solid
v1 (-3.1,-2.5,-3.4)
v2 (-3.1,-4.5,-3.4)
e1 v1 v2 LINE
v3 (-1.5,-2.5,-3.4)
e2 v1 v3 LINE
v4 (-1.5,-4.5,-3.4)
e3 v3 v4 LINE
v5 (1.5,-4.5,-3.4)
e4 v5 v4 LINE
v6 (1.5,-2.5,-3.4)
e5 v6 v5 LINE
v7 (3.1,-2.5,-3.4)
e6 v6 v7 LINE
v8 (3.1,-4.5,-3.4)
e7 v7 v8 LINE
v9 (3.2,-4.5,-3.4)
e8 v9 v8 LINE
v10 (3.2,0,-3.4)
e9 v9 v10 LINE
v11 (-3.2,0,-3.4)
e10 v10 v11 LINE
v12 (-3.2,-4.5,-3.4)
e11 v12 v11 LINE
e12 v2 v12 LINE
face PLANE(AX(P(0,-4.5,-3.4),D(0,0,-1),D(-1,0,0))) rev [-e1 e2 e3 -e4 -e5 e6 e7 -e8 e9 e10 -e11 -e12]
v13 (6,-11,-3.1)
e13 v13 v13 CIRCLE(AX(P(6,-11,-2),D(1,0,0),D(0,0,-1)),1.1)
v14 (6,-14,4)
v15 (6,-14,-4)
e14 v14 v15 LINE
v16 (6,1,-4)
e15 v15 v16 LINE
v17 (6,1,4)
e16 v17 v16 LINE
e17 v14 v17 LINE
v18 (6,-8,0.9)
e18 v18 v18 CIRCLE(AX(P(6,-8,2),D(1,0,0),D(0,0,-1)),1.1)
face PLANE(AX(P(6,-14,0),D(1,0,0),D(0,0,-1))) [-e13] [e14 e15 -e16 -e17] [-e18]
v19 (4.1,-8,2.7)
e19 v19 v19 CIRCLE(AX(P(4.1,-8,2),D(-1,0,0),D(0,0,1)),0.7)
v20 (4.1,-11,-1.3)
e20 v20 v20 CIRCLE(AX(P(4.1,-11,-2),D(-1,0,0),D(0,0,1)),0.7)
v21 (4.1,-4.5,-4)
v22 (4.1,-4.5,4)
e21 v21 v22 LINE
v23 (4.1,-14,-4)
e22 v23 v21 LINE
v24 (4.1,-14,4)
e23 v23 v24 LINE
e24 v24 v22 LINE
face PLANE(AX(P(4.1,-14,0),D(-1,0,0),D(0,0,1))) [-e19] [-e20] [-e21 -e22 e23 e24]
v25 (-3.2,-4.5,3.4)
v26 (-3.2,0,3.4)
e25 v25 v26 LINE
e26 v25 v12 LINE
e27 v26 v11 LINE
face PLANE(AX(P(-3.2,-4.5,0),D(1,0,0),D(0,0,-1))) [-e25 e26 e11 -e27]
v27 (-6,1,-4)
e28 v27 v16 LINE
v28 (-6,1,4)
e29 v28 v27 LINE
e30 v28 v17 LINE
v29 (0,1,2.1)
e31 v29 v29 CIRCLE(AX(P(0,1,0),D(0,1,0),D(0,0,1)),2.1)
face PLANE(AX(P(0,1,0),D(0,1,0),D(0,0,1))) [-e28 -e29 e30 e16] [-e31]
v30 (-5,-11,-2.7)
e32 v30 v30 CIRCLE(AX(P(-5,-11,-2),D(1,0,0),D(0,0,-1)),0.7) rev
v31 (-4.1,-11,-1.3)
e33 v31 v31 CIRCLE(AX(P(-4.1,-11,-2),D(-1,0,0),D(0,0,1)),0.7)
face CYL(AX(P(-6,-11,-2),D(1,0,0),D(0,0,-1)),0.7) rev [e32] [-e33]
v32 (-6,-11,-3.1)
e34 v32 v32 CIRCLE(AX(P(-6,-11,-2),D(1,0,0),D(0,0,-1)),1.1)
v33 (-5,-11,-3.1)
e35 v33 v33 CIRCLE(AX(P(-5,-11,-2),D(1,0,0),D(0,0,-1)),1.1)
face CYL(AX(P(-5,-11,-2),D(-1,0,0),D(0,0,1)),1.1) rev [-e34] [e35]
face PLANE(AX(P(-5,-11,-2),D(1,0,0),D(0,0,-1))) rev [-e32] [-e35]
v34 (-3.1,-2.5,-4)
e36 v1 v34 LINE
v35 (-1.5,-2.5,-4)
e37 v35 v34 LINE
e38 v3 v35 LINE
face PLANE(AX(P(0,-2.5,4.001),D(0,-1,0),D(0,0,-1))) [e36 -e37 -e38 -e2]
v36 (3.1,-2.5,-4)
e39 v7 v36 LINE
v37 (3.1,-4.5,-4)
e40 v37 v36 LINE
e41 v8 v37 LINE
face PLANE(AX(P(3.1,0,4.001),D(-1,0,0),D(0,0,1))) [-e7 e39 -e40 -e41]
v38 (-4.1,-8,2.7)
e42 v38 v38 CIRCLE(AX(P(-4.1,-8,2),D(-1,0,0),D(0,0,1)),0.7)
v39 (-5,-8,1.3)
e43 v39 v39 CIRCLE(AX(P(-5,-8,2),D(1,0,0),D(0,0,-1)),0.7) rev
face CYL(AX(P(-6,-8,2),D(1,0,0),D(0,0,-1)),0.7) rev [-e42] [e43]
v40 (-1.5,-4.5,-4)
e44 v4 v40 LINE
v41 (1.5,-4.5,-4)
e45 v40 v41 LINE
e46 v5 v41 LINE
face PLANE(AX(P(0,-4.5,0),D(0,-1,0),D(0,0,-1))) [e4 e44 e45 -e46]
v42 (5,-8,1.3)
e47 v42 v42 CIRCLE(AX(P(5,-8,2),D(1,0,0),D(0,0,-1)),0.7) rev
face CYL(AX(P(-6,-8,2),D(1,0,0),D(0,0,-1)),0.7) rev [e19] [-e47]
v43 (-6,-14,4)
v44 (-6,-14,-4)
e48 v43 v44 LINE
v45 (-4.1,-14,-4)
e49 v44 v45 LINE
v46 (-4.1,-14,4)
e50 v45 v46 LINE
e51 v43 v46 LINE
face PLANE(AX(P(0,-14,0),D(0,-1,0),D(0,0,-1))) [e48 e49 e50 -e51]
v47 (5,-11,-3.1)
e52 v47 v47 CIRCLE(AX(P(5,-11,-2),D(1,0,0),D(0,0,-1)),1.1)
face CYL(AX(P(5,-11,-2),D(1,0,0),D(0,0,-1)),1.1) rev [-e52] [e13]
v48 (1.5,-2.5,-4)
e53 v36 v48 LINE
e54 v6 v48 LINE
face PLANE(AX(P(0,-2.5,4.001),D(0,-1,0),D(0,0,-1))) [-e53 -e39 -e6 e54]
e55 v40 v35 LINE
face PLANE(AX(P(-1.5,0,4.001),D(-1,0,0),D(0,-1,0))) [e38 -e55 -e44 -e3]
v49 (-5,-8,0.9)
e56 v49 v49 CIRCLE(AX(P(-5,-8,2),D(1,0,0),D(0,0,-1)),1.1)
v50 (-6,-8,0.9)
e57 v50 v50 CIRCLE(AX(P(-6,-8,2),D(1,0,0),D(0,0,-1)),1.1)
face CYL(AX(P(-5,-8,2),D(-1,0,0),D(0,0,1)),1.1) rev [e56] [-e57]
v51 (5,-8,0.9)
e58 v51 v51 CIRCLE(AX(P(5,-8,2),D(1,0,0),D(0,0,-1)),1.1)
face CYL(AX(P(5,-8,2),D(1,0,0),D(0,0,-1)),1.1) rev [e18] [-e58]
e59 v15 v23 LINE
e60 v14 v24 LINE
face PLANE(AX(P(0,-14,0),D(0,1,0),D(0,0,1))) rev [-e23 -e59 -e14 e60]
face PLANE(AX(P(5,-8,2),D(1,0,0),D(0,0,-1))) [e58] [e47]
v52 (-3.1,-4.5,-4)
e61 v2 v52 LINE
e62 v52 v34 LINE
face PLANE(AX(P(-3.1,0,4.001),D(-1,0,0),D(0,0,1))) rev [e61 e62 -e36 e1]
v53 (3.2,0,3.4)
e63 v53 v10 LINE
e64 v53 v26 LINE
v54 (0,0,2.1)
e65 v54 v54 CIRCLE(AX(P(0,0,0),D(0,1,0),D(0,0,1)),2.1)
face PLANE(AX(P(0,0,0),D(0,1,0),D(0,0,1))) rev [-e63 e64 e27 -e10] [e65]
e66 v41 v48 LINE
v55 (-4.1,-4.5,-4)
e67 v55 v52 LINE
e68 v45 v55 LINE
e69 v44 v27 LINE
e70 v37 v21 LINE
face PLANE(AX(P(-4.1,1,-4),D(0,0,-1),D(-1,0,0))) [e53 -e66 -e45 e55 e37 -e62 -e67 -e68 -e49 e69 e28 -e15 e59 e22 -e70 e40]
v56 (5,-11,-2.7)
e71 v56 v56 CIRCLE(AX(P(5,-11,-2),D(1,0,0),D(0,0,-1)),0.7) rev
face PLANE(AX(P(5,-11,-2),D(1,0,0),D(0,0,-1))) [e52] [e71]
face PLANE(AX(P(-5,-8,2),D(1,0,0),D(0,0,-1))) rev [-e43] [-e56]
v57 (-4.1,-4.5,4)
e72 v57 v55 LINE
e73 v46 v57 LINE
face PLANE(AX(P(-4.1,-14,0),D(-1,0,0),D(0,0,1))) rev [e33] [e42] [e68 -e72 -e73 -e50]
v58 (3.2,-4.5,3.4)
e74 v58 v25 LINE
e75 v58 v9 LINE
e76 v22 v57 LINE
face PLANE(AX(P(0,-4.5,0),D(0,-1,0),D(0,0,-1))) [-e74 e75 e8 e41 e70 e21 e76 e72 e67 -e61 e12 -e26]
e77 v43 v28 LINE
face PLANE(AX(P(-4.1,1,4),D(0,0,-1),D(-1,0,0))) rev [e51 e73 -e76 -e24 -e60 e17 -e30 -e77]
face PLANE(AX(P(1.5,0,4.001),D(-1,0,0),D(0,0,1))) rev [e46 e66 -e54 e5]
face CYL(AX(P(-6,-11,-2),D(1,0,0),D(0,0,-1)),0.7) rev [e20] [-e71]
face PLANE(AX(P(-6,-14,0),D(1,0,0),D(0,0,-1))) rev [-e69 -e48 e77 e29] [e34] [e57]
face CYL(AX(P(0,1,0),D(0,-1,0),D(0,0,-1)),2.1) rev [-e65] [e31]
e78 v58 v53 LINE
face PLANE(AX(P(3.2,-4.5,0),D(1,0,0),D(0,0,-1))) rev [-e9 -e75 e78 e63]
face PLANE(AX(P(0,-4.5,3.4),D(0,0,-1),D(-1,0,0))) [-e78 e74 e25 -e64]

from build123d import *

# Parameters (mm, degrees)
SKETCH_1_W          = 8.2
SKETCH_1_H          = 8
SKETCH_1_R          = 2.1
EXTRUDE_1_DEPTH     = 1
EXTRUDE_START       = 1
SKETCH_1_6_W        = 1.9
SKETCH_1_6_H        = 8
EXTRUDE_2_DEPTH     = 15
EXTRUDE_2_2_DEPTH   = 15
SKETCH_2_W          = 0.9
SKETCH_2_H          = 0.6
SKETCH_2_W_2        = 6.4
SKETCH_2_H_2        = 6.8
EXTRUDE_3_DEPTH     = 4.5
CUT_EXTRUDE_1_REACH = 19.205
SKETCH_3_W          = 1.6
SKETCH_3_H          = 2
SKETCH_4_R          = 0.7
CUT_EXTRUDE_2_DEPTH = 19.867962264
SKETCH_4_3_R        = 1.1
CUT_EXTRUDE_3_DEPTH = 1
CUT_EXTRUDE_START   = -11
SKETCH_4_4_R        = 1.1
CUT_EXTRUDE_4_DEPTH = 1


with BuildPart() as part:
    # 草图1 → 凸台-拉伸1 (new body)
    with BuildSketch(Plane(origin=(0, 0, 0), x_dir=(1, 0, 0), z_dir=(0, 1, 0))):
        Rectangle(SKETCH_1_W, SKETCH_1_H)
        with Locations(Location((0, 0, 0), (0, 0, 270))):
            Circle(SKETCH_1_R, mode=Mode.SUBTRACT)
    extrude(amount=EXTRUDE_1_DEPTH)



with BuildPart() as body_2:
    # 草图1<6> → 凸台-拉伸2 (new body)
    with BuildSketch(Plane(origin=(0, 0, 0), x_dir=(1, 0, 0), z_dir=(0, 1, 0)).offset(EXTRUDE_START)):
        with Locations((-5.05, 0)):
            Rectangle(SKETCH_1_6_W, SKETCH_1_6_H)
    extrude(amount=-EXTRUDE_2_DEPTH)


with BuildPart() as body_3:
    # 草图1<6> → Extrude 2 2 (new body)
    with BuildSketch(Plane(origin=(0, 0, 0), x_dir=(1, 0, 0), z_dir=(0, 1, 0)).offset(EXTRUDE_START)):
        with Locations((5.05, 0)):
            Rectangle(SKETCH_1_6_W, SKETCH_1_6_H)
    extrude(amount=-EXTRUDE_2_2_DEPTH)


with BuildPart() as part_1:
    add(part.part)

    add(body_2.part)  # 凸台-拉伸3 merges body 2

    add(body_3.part)  # 凸台-拉伸3 merges body 3
    # 草图2 → 凸台-拉伸3 (add)
    with BuildSketch(Plane.XZ):
        with Locations((-3.65, 3.7)):
            Rectangle(SKETCH_2_W, SKETCH_2_H)
        with Locations((0, 3.7)):
            Rectangle(SKETCH_2_W_2, SKETCH_2_H)
        with Locations((3.65, 3.7)):
            Rectangle(SKETCH_2_W, SKETCH_2_H)
        with Locations((3.65, 0)):
            Rectangle(SKETCH_2_W, SKETCH_2_H_2)
        with Locations((3.65, -3.7)):
            Rectangle(SKETCH_2_W, SKETCH_2_H)
        with Locations((0, -3.7)):
            Rectangle(SKETCH_2_W_2, SKETCH_2_H)
        with Locations((-3.65, -3.7)):
            Rectangle(SKETCH_2_W, SKETCH_2_H)
        with Locations((-3.65, 0)):
            Rectangle(SKETCH_2_W, SKETCH_2_H_2)
    extrude(amount=EXTRUDE_3_DEPTH)

    # 草图3 → 切除-拉伸1 (cut, up to next)
    with BuildSketch(Plane(origin=(0, 0, -4), x_dir=(-1, 0, 0), z_dir=(0, 0, -1)), mode=Mode.PRIVATE) as cut_extrude_1_sk1:
        with Locations((-2.3, -3.5)):
            Rectangle(SKETCH_3_W, SKETCH_3_H)
    cut_extrude_1_tool1 = extrude(cut_extrude_1_sk1.sketch, amount=-CUT_EXTRUDE_1_REACH, mode=Mode.PRIVATE) & part_1.part
    # 草图3 → 切除-拉伸1 (cut, up to next)
    with BuildSketch(Plane(origin=(0, 0, -4), x_dir=(-1, 0, 0), z_dir=(0, 0, -1)), mode=Mode.PRIVATE) as cut_extrude_1_sk2:
        with Locations((2.3, -3.5)):
            Rectangle(SKETCH_3_W, SKETCH_3_H)
    cut_extrude_1_tool2 = extrude(cut_extrude_1_sk2.sketch, amount=-CUT_EXTRUDE_1_REACH, mode=Mode.PRIVATE) & part_1.part
    add(cut_extrude_1_tool1.solids().sort_by_distance((2.3, -3.5, -4))[0], mode=Mode.SUBTRACT)
    add(cut_extrude_1_tool2.solids().sort_by_distance((-2.3, -3.5, -4))[0], mode=Mode.SUBTRACT)

    # 草图4 → 切除-拉伸2 (cut, through all)
    with BuildSketch(Plane(origin=(6, 0, 0), x_dir=(0, 0, -1), z_dir=(1, 0, 0))):
        with Locations((-2, -8)):
            Circle(SKETCH_4_R)
        with Locations((2, -11)):
            Circle(SKETCH_4_R)
    extrude(amount=-CUT_EXTRUDE_2_DEPTH, mode=Mode.SUBTRACT)

    # 草图4<3> → 切除-拉伸3 (cut)
    with BuildSketch(Plane(origin=(6, 0, 0), x_dir=(0, 0, -1), z_dir=(1, 0, 0))):
        with Locations((-2, -8)):
            Circle(SKETCH_4_3_R)
        with Locations((2, -11)):
            Circle(SKETCH_4_3_R)
    extrude(amount=-CUT_EXTRUDE_3_DEPTH, mode=Mode.SUBTRACT)

    # 草图4<4> → 切除-拉伸4 (cut)
    with BuildSketch(Plane(origin=(6, 0, 0), x_dir=(0, 0, -1), z_dir=(1, 0, 0)).offset(CUT_EXTRUDE_START)):
        with Locations((-2, -8)):
            Circle(SKETCH_4_4_R)
        with Locations((2, -11)):
            Circle(SKETCH_4_4_R)
    extrude(amount=-CUT_EXTRUDE_4_DEPTH, mode=Mode.SUBTRACT)


solid = part_1.part
